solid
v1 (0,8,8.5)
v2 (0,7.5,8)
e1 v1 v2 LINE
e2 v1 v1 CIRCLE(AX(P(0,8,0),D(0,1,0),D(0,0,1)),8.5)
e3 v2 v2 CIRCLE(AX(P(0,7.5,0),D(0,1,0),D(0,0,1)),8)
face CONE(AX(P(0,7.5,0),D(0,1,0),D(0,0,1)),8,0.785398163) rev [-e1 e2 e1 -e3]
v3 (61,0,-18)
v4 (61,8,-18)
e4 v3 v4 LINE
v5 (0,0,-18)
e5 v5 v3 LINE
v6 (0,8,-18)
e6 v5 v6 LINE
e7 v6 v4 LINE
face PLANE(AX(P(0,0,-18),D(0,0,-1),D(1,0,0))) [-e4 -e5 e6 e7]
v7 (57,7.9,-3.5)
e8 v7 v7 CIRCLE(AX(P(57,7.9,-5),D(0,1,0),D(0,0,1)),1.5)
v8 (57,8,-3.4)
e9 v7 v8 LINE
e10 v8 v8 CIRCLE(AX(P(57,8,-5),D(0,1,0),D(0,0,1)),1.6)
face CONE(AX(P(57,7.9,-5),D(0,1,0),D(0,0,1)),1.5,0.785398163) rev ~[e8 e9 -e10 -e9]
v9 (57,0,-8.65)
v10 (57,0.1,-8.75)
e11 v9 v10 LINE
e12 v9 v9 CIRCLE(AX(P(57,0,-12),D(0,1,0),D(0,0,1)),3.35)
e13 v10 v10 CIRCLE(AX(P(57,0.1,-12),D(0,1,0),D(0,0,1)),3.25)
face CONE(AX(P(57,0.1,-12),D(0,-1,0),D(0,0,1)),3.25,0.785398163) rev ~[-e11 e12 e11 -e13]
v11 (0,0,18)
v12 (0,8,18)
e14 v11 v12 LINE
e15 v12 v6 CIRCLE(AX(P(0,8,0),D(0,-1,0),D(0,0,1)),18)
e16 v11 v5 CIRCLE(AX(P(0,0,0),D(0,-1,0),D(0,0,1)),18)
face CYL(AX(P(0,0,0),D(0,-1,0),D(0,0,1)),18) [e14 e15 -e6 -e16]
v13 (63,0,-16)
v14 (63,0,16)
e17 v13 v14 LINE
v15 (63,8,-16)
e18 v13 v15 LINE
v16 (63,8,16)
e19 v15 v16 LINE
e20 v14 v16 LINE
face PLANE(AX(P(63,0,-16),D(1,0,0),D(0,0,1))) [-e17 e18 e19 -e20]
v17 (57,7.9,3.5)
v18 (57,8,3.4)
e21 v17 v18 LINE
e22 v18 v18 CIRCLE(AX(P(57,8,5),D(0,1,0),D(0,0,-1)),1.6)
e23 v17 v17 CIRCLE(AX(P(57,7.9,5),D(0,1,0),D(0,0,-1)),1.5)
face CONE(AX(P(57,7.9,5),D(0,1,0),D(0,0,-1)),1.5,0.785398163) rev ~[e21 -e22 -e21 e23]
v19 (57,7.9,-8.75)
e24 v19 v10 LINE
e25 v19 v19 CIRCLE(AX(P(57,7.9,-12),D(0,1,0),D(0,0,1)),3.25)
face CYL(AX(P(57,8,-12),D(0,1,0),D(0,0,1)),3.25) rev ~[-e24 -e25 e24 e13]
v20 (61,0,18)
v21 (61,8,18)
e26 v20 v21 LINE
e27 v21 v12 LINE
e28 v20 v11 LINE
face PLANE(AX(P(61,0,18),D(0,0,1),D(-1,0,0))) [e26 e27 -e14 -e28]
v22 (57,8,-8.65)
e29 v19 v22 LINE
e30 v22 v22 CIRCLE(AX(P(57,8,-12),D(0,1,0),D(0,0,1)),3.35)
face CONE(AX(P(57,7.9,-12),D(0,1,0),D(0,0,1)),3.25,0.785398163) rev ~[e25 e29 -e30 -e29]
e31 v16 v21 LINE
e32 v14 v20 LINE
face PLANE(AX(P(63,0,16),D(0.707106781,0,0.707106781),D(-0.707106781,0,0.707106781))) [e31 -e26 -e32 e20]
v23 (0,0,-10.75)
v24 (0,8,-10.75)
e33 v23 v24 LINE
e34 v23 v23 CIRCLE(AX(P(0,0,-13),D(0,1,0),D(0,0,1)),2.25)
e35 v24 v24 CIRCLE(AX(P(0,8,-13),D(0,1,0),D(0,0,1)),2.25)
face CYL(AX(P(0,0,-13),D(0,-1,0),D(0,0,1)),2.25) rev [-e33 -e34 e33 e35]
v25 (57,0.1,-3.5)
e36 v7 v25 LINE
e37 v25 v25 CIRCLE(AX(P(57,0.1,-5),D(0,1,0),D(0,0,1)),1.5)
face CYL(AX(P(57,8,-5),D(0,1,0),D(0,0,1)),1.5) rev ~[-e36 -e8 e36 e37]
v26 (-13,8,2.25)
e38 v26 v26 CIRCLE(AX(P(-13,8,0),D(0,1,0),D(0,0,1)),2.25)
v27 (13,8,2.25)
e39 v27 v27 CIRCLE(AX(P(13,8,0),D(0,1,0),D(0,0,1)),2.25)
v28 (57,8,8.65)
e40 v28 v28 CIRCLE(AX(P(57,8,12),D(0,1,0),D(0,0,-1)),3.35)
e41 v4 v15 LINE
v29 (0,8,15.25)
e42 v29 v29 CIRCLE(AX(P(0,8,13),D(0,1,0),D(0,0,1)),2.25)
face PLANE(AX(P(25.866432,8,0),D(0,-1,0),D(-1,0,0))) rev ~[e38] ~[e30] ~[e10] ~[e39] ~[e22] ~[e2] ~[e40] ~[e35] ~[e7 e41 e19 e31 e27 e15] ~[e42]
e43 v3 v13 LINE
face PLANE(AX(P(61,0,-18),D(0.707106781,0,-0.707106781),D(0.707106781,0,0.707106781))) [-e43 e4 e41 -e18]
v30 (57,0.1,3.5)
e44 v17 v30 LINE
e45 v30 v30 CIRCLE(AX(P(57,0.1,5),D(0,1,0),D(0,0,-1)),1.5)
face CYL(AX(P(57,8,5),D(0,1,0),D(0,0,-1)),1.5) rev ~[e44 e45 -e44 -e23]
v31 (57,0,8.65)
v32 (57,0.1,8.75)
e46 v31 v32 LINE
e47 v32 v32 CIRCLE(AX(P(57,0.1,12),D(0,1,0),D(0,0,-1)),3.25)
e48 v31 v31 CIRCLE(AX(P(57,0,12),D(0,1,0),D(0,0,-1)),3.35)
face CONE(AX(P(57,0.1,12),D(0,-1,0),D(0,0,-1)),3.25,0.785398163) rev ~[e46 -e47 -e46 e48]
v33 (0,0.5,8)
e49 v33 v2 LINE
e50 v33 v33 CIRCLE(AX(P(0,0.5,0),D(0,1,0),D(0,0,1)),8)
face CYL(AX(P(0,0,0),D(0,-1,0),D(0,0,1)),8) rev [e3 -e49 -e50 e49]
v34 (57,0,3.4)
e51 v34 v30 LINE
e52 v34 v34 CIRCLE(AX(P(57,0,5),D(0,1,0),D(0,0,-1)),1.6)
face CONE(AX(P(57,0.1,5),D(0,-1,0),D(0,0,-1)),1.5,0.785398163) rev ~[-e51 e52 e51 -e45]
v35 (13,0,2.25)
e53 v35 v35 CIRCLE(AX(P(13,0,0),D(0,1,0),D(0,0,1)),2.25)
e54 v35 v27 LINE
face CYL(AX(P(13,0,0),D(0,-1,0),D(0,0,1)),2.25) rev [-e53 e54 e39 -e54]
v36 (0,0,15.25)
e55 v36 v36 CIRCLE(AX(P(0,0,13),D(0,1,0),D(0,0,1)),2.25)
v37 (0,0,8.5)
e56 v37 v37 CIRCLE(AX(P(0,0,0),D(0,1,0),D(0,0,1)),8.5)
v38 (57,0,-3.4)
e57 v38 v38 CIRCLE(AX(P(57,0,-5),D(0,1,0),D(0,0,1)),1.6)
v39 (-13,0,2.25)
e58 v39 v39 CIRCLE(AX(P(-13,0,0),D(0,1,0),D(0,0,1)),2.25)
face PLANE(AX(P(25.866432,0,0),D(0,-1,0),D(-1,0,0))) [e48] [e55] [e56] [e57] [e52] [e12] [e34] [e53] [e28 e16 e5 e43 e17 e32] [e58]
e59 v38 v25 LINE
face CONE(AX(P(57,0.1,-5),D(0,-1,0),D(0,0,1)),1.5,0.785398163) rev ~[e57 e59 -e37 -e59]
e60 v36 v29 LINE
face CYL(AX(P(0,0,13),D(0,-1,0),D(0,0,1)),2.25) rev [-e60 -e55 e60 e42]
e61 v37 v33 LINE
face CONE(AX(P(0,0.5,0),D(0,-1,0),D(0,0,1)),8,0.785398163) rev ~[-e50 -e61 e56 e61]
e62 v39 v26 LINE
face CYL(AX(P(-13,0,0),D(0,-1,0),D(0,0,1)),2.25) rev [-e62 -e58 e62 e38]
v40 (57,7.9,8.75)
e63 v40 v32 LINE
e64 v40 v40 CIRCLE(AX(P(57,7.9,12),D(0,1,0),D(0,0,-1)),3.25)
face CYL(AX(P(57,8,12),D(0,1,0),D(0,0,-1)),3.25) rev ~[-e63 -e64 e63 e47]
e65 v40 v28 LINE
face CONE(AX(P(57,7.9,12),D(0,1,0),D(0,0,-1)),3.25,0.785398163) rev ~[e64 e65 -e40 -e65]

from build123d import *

# Parameters (mm, degrees)
SKETCH1_R           = 8
SKETCH1_R_2         = 2.25
BOSS_EXTRUDE1_DEPTH = 8
SKETCH2_R           = 3.25
SKETCH2_R_2         = 1.5
CUT_EXTRUDE1_DEPTH  = 67.007575323
CHAMFER1_SIZE       = 0.5
CHAMFER2_SIZE       = 0.1


with BuildPart() as part:
    # Sketch1 → Boss-Extrude1 (new body)
    with BuildSketch(Plane(origin=(0, 0, 0), x_dir=(1, 0, 0), z_dir=(0, 1, 0))):
        with BuildLine():
            Line((0, 18), (61, 18))
            Line((61, 18), (63, 16))
            Line((63, 16), (63, -16))
            Line((63, -16), (61, -18))
            Line((61, -18), (0, -18))
            ThreePointArc((0, -18), (-18, 0), (0, 18))
        make_face()
        with Locations(Location((0, 0, 0), (0, 0, 270))):
            Circle(SKETCH1_R, mode=Mode.SUBTRACT)
        with Locations(Location((0, 13, 0), (0, 0, 270))):
            Circle(SKETCH1_R_2, mode=Mode.SUBTRACT)
        with Locations(Location((13, 0, 0), (0, 0, 270))):
            Circle(SKETCH1_R_2, mode=Mode.SUBTRACT)
        with Locations(Location((0, -13, 0), (0, 0, 270))):
            Circle(SKETCH1_R_2, mode=Mode.SUBTRACT)
        with Locations(Location((-13, 0, 0), (0, 0, 270))):
            Circle(SKETCH1_R_2, mode=Mode.SUBTRACT)
    extrude(amount=BOSS_EXTRUDE1_DEPTH)

    # Sketch2 → Cut-Extrude1 (cut, through all)
    with BuildSketch(Plane(origin=(0, 8, 0), x_dir=(1, 0, 0), z_dir=(0, 1, 0))):
        with Locations(Location((57, 12, 0), (0, 0, 270))):
            Circle(SKETCH2_R)
        with Locations(Location((57, 5, 0), (0, 0, 270))):
            Circle(SKETCH2_R_2)
        with Locations(Location((57, -5, 0), (0, 0, 90))):
            Circle(SKETCH2_R_2)
        with Locations(Location((57, -12, 0), (0, 0, 90))):
            Circle(SKETCH2_R)
    extrude(amount=-CUT_EXTRUDE1_DEPTH, mode=Mode.SUBTRACT)

    # Chamfer1
    chamfer1_edges = [part.edges().sort_by_distance(p)[0] for p in [
        (0, 0, -8),
        (0, 8, -8),
    ]]
    chamfer(chamfer1_edges, length=CHAMFER1_SIZE)

    # Chamfer2
    chamfer2_edges = [part.edges().sort_by_distance(p)[0] for p in [
        (57, 0, -15.25),
        (57, 8, -15.25),
        (57, 0, -6.5),
        (57, 8, -6.5),
        (57, 0, 6.5),
        (57, 8, 6.5),
        (57, 0, 15.25),
        (57, 8, 15.25),
    ]]
    chamfer(chamfer2_edges, length=CHAMFER2_SIZE)


solid = part.part
